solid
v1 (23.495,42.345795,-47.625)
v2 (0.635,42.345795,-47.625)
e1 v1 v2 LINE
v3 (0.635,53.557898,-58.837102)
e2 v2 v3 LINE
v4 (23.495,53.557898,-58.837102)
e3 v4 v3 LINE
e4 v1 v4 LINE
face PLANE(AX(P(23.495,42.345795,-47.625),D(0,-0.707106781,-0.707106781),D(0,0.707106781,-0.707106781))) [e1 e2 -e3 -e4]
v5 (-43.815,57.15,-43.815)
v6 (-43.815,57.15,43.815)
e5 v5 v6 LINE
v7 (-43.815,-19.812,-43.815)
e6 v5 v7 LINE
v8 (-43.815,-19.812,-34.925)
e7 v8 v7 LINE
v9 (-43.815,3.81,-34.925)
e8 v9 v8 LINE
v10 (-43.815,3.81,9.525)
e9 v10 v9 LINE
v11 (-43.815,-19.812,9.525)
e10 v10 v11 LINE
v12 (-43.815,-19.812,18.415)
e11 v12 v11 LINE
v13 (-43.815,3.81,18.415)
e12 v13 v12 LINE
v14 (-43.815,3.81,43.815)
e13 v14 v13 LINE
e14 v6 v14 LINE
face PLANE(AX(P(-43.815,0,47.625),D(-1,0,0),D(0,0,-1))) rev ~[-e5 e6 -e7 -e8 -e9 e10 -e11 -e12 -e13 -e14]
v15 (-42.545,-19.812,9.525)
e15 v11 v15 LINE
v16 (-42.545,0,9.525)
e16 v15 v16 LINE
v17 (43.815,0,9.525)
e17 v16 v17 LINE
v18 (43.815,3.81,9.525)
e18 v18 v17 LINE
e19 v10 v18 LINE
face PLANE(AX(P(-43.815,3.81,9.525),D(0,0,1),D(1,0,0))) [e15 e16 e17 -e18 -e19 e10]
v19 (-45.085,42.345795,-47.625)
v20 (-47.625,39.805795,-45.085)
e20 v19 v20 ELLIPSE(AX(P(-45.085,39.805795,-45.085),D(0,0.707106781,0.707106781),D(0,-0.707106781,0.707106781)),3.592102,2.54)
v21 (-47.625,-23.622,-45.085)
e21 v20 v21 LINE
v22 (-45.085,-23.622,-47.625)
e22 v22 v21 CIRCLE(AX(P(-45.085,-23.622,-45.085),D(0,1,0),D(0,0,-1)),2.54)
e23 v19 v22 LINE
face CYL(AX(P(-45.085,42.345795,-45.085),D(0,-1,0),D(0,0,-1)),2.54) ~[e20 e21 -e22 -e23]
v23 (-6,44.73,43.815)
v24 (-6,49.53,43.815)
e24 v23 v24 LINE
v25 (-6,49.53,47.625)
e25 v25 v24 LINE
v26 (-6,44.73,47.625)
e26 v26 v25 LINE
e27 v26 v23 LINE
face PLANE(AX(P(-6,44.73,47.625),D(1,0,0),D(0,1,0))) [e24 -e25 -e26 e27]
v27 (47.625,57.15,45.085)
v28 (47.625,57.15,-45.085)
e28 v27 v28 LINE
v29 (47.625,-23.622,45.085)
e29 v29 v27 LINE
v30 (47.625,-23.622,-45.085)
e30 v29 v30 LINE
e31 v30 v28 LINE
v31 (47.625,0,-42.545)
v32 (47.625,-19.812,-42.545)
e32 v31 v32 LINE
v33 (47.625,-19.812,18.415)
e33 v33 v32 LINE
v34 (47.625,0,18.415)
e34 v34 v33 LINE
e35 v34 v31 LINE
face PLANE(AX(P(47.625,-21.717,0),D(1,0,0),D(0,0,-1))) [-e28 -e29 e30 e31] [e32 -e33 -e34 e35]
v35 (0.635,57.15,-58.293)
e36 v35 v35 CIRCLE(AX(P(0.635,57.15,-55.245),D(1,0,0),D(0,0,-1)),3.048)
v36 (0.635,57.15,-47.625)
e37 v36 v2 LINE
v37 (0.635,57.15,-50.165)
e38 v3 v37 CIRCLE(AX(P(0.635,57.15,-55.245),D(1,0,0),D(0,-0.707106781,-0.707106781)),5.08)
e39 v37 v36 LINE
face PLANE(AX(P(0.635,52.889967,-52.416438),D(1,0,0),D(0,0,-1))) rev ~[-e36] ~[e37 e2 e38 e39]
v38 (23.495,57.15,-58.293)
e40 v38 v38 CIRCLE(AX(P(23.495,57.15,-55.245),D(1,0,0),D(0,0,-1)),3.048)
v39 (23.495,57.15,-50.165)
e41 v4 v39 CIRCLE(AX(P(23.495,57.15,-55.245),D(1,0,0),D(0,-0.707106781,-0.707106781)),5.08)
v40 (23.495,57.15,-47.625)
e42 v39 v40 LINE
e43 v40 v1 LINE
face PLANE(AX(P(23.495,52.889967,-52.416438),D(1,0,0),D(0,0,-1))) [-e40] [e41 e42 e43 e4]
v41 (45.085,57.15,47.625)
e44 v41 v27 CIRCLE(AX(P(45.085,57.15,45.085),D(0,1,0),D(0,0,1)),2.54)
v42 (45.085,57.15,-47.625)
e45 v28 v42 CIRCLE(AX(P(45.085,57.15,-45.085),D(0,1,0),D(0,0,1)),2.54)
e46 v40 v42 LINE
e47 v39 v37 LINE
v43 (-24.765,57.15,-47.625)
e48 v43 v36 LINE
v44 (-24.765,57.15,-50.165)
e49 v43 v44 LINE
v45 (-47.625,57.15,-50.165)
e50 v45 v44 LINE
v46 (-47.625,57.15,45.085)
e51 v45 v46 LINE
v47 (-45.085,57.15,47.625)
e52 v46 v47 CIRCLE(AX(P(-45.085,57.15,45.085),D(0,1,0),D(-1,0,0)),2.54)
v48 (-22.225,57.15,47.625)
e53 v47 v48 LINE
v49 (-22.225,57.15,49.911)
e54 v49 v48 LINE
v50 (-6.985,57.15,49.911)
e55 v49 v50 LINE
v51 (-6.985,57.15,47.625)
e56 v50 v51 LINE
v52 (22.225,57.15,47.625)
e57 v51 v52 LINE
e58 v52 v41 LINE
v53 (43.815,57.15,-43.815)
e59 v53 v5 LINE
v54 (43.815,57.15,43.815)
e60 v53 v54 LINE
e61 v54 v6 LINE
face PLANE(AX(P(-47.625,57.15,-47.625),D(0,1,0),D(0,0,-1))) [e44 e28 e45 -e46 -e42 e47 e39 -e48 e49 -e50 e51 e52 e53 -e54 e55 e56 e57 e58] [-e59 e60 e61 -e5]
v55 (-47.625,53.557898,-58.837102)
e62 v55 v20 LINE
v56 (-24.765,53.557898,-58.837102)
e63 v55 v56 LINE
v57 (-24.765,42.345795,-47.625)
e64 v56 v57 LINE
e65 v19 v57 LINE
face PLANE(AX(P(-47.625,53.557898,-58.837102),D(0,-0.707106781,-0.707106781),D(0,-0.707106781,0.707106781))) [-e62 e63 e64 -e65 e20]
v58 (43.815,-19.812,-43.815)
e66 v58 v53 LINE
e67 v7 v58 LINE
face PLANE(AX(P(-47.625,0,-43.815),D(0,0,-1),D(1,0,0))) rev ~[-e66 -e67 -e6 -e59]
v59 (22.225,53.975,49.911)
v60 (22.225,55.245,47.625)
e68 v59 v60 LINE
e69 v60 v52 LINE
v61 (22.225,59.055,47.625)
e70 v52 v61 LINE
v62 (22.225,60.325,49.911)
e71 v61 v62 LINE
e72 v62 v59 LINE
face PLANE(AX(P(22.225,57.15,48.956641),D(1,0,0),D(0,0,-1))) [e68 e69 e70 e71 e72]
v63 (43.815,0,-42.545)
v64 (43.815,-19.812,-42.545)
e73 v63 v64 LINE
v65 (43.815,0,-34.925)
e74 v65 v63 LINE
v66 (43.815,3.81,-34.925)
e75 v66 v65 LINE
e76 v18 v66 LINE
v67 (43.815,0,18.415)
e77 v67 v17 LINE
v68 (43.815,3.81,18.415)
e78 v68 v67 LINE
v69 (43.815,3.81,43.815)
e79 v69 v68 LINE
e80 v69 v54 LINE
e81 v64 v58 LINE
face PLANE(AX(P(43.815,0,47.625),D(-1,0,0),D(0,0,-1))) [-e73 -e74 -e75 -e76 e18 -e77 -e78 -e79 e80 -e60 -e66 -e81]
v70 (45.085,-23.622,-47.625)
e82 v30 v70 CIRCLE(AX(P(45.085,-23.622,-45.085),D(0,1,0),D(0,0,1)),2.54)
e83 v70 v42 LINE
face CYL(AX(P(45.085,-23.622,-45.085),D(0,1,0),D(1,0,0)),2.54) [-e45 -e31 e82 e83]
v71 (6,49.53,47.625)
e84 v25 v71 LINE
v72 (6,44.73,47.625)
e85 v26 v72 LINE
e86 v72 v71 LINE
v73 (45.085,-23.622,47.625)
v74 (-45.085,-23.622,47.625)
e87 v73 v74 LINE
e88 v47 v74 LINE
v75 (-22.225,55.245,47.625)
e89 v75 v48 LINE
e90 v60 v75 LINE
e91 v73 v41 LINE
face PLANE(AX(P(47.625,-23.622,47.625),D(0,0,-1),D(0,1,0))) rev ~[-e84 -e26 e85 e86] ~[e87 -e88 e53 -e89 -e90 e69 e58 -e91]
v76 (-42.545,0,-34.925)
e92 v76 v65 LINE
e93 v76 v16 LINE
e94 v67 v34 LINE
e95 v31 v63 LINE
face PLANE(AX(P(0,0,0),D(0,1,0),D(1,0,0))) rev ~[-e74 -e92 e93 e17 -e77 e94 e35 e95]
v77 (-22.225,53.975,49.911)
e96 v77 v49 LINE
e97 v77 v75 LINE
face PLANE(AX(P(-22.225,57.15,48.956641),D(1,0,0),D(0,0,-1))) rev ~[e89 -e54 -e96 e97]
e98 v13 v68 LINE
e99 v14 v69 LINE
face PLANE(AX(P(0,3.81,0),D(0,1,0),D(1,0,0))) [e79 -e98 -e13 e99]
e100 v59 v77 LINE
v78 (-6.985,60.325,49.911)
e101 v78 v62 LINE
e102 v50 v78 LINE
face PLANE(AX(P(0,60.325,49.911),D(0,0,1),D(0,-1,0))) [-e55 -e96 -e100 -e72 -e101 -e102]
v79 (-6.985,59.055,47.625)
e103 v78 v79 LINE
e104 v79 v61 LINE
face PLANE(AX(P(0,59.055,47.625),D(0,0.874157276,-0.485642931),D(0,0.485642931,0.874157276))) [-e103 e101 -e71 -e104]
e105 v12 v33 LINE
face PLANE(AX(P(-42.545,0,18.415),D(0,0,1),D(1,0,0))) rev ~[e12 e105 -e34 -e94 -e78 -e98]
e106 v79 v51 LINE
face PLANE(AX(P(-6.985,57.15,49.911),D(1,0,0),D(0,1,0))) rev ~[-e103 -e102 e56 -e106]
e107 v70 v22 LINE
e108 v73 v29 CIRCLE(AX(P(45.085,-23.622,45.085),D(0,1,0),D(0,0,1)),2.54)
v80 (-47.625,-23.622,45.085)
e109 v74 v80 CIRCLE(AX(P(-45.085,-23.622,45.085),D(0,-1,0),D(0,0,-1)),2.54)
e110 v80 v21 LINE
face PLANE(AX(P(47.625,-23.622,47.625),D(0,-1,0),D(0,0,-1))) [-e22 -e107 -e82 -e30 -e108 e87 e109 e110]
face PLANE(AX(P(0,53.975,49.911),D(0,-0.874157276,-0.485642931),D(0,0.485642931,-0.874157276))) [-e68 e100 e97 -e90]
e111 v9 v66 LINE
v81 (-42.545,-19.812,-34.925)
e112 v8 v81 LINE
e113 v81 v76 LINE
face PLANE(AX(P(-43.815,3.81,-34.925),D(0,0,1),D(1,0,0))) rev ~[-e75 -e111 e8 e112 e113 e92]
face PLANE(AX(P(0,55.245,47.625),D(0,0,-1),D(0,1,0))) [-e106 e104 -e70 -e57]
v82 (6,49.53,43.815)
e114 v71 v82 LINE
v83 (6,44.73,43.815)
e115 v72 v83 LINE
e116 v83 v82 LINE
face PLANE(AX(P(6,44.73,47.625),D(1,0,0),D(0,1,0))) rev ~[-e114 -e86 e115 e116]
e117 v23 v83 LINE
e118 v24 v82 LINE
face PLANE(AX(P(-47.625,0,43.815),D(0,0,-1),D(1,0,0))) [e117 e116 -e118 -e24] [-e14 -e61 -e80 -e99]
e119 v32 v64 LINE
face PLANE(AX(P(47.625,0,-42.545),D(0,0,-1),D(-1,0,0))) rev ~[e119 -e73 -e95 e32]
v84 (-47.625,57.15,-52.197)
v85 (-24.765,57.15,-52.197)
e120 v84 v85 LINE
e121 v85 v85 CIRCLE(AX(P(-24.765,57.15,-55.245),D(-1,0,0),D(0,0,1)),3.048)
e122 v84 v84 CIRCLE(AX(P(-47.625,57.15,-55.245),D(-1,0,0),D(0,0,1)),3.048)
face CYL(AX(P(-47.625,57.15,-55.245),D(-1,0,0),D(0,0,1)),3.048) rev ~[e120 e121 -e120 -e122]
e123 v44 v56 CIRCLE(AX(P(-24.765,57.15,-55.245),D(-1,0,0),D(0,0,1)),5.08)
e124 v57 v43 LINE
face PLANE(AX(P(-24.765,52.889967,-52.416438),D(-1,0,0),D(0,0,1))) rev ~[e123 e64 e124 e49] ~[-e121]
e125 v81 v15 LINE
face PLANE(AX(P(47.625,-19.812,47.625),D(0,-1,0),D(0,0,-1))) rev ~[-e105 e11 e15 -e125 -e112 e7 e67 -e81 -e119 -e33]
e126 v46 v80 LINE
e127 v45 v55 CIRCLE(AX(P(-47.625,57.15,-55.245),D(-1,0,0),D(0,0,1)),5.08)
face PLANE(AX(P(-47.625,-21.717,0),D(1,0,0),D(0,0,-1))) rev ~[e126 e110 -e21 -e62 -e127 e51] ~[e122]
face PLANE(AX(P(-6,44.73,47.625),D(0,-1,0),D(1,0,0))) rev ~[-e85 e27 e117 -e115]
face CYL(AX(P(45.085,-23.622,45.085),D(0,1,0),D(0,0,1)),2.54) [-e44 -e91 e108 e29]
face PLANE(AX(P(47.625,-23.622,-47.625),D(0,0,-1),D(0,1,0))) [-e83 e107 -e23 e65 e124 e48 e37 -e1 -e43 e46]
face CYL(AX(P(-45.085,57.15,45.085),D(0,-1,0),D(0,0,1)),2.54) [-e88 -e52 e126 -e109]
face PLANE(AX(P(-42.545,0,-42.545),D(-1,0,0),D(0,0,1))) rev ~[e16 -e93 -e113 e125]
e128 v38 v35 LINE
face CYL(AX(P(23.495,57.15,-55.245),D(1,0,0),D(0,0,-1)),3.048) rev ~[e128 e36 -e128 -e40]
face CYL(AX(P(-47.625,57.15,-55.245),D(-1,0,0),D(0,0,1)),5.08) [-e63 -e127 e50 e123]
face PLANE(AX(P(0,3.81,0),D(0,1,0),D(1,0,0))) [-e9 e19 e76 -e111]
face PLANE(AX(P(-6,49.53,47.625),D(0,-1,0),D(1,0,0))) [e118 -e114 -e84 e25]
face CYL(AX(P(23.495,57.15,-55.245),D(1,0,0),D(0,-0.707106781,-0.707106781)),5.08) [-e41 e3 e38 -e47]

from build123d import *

# Parameters (mm, degrees)
SKETCH1_W               = 95.25
SKETCH1_H               = 95.25
BOSS_EXTRUDE1_DEPTH     = 57.15
SHELL1_T                = -3.81
SKETCH2_R               = 3.048
BOSS_EXTRUDE2_DEPTH     = 22.86
BOSS_EXTRUDE3_START     = -24.13
SKETCH5_R               = 3.048
BOSS_EXTRUDE3_DEPTH     = 22.86
SKETCH6_W               = 11.999999876
SKETCH6_H               = 4.800000052
CUT_EXTRUDE1_DEPTH      = 3.81
BOSS_EXTRUDE4_DEPTH     = 19.812
SKETCH9_W               = 95.25
SKETCH9_H               = 3.81
BOSS_EXTRUDE5_DEPTH     = 95.25
SKETCH10_W              = 87.63
SKETCH10_H              = 8.89
CUT_EXTRUDE2_DEPTH      = 23.622
SKETCH11_W              = 87.63
SKETCH11_H              = 8.89
CUT_EXTRUDE3_DEPTH      = 23.622
FILLET1_R               = 2.54
BOSS_EXTRUDE6_START     = -47.625
BOSS_EXTRUDE6_DEPTH     = 22.225
CUT_EXTRUDE4_DEPTH      = 1
CUT_EXTRUDE4_DEPTH_BACK = 3.81


with BuildPart() as part:
    # Sketch1 → Boss-Extrude1 (new body)
    with BuildSketch(Plane(origin=(0, 0, 0), x_dir=(1, 0, 0), z_dir=(0, 1, 0))):
        Rectangle(SKETCH1_W, SKETCH1_H)
    extrude(amount=BOSS_EXTRUDE1_DEPTH)

    # Shell1
    shell1_openings = [part.faces().sort_by_distance(p)[0] for p in [
        (0, 57.15, 0),
    ]]
    offset(amount=SHELL1_T, openings=shell1_openings, kind=Kind.INTERSECTION)

    # Sketch2 → Boss-Extrude2 (add)
    with BuildSketch(Plane.ZY.offset(47.625)):
        with BuildLine():
            ThreePointArc((-50.165, 57.15), (-57.189031836, 61.843308025), (-58.837102448, 53.557897552))
            Line((-58.837102448, 53.557897552), (-47.625, 42.345795103))
            Line((-47.625, 42.345795103), (-47.625, 57.15))
            Line((-47.625, 57.15), (-50.165, 57.15))
        make_face()
        with Locations((-55.245, 57.15)):
            Circle(SKETCH2_R, mode=Mode.SUBTRACT)
    extrude(amount=-BOSS_EXTRUDE2_DEPTH)

    # Sketch5 → Boss-Extrude3 (add)
    with BuildSketch(Plane(origin=(47.625, 0, 0), x_dir=(0, 0, -1), z_dir=(1, 0, 0)).offset(BOSS_EXTRUDE3_START)):
        with BuildLine():
            Line((50.165, 57.15), (47.625, 57.15))
            Line((47.625, 57.15), (47.625, 42.345795103))
            Line((47.625, 42.345795103), (58.837102448, 53.557897552))
            ThreePointArc((58.837102448, 53.557897552), (57.189031836, 61.843308025), (50.165, 57.15))
        make_face()
        with Locations((55.245, 57.15)):
            Circle(SKETCH5_R, mode=Mode.SUBTRACT)
    extrude(amount=-BOSS_EXTRUDE3_DEPTH)

    # Sketch6 → Cut-Extrude1 (cut)
    with BuildSketch(Plane.XY.offset(47.625)):
        with Locations((0, 47.129999974)):
            Rectangle(SKETCH6_W, SKETCH6_H)
    extrude(amount=-CUT_EXTRUDE1_DEPTH, mode=Mode.SUBTRACT)

    # Sketch8 → Boss-Extrude4 (add)
    with BuildSketch(Plane.XZ):
        Polygon((41.275, -42.545), (-42.545, -42.545), (-42.545, 18.415), (41.275, 18.415), (47.625, 18.415), (47.625, 47.625), (-47.625, 47.625), (-47.625, -47.625), (47.625, -47.625), (47.625, -42.545), align=None)
    extrude(amount=BOSS_EXTRUDE4_DEPTH)

    # Sketch9 → Boss-Extrude5 (add, through all)
    with BuildSketch(Plane(origin=(47.625, 0, 0), x_dir=(0, 0, -1), z_dir=(1, 0, 0))):
        with Locations((0, -21.717)):
            Rectangle(SKETCH9_W, SKETCH9_H)
    extrude(amount=-BOSS_EXTRUDE5_DEPTH)

    # Sketch10 → Cut-Extrude2 (cut)
    with BuildSketch(Plane(origin=(0, 3.81, 0), x_dir=(1, 0, 0), z_dir=(0, 1, 0))):
        with Locations((0, 39.37)):
            Rectangle(SKETCH10_W, SKETCH10_H)
    extrude(amount=-CUT_EXTRUDE2_DEPTH, mode=Mode.SUBTRACT)

    # Sketch11 → Cut-Extrude3 (cut)
    with BuildSketch(Plane(origin=(0, 3.81, 0), x_dir=(1, 0, 0), z_dir=(0, 1, 0))):
        with Locations((0, -13.97)):
            Rectangle(SKETCH11_W, SKETCH11_H)
    extrude(amount=-CUT_EXTRUDE3_DEPTH, mode=Mode.SUBTRACT)

    # Fillet1
    fillet1_edges = [part.edges().sort_by_distance(p)[0] for p in [
        (-47.625, 9.361897552, -47.625),
        (47.625, 16.764, -47.625),
        (47.625, 16.764, 47.625),
        (-47.625, 16.764, 47.625),
    ]]
    fillet(fillet1_edges, radius=FILLET1_R)

    # Sketch12 → Boss-Extrude6 (add, symmetric)
    with BuildSketch(Plane(origin=(47.625, 0, 0), x_dir=(0, 0, -1), z_dir=(1, 0, 0)).offset(BOSS_EXTRUDE6_START)):
        Polygon((-47.625, 55.245), (-47.625, 59.055), (-49.911, 60.325), (-49.911, 53.975), align=None)
    extrude(amount=BOSS_EXTRUDE6_DEPTH, both=True)

    # Sketch13 → Cut-Extrude4 (cut, two sides)
    with BuildSketch(Plane.XY.offset(49.911)) as cut_extrude4_sk:
        Polygon((-245.795957614, 57.15), (-22.225, 57.15), (-6.985, 57.15), (-6.985, 60.325), (-6.985, 283.895957614), (-314.864920178, 608.157961407), (-553.675877792, 381.412003793), align=None)
    extrude(amount=CUT_EXTRUDE4_DEPTH, mode=Mode.SUBTRACT)
    extrude(cut_extrude4_sk.sketch, amount=-CUT_EXTRUDE4_DEPTH_BACK, mode=Mode.SUBTRACT)


solid = part.part
